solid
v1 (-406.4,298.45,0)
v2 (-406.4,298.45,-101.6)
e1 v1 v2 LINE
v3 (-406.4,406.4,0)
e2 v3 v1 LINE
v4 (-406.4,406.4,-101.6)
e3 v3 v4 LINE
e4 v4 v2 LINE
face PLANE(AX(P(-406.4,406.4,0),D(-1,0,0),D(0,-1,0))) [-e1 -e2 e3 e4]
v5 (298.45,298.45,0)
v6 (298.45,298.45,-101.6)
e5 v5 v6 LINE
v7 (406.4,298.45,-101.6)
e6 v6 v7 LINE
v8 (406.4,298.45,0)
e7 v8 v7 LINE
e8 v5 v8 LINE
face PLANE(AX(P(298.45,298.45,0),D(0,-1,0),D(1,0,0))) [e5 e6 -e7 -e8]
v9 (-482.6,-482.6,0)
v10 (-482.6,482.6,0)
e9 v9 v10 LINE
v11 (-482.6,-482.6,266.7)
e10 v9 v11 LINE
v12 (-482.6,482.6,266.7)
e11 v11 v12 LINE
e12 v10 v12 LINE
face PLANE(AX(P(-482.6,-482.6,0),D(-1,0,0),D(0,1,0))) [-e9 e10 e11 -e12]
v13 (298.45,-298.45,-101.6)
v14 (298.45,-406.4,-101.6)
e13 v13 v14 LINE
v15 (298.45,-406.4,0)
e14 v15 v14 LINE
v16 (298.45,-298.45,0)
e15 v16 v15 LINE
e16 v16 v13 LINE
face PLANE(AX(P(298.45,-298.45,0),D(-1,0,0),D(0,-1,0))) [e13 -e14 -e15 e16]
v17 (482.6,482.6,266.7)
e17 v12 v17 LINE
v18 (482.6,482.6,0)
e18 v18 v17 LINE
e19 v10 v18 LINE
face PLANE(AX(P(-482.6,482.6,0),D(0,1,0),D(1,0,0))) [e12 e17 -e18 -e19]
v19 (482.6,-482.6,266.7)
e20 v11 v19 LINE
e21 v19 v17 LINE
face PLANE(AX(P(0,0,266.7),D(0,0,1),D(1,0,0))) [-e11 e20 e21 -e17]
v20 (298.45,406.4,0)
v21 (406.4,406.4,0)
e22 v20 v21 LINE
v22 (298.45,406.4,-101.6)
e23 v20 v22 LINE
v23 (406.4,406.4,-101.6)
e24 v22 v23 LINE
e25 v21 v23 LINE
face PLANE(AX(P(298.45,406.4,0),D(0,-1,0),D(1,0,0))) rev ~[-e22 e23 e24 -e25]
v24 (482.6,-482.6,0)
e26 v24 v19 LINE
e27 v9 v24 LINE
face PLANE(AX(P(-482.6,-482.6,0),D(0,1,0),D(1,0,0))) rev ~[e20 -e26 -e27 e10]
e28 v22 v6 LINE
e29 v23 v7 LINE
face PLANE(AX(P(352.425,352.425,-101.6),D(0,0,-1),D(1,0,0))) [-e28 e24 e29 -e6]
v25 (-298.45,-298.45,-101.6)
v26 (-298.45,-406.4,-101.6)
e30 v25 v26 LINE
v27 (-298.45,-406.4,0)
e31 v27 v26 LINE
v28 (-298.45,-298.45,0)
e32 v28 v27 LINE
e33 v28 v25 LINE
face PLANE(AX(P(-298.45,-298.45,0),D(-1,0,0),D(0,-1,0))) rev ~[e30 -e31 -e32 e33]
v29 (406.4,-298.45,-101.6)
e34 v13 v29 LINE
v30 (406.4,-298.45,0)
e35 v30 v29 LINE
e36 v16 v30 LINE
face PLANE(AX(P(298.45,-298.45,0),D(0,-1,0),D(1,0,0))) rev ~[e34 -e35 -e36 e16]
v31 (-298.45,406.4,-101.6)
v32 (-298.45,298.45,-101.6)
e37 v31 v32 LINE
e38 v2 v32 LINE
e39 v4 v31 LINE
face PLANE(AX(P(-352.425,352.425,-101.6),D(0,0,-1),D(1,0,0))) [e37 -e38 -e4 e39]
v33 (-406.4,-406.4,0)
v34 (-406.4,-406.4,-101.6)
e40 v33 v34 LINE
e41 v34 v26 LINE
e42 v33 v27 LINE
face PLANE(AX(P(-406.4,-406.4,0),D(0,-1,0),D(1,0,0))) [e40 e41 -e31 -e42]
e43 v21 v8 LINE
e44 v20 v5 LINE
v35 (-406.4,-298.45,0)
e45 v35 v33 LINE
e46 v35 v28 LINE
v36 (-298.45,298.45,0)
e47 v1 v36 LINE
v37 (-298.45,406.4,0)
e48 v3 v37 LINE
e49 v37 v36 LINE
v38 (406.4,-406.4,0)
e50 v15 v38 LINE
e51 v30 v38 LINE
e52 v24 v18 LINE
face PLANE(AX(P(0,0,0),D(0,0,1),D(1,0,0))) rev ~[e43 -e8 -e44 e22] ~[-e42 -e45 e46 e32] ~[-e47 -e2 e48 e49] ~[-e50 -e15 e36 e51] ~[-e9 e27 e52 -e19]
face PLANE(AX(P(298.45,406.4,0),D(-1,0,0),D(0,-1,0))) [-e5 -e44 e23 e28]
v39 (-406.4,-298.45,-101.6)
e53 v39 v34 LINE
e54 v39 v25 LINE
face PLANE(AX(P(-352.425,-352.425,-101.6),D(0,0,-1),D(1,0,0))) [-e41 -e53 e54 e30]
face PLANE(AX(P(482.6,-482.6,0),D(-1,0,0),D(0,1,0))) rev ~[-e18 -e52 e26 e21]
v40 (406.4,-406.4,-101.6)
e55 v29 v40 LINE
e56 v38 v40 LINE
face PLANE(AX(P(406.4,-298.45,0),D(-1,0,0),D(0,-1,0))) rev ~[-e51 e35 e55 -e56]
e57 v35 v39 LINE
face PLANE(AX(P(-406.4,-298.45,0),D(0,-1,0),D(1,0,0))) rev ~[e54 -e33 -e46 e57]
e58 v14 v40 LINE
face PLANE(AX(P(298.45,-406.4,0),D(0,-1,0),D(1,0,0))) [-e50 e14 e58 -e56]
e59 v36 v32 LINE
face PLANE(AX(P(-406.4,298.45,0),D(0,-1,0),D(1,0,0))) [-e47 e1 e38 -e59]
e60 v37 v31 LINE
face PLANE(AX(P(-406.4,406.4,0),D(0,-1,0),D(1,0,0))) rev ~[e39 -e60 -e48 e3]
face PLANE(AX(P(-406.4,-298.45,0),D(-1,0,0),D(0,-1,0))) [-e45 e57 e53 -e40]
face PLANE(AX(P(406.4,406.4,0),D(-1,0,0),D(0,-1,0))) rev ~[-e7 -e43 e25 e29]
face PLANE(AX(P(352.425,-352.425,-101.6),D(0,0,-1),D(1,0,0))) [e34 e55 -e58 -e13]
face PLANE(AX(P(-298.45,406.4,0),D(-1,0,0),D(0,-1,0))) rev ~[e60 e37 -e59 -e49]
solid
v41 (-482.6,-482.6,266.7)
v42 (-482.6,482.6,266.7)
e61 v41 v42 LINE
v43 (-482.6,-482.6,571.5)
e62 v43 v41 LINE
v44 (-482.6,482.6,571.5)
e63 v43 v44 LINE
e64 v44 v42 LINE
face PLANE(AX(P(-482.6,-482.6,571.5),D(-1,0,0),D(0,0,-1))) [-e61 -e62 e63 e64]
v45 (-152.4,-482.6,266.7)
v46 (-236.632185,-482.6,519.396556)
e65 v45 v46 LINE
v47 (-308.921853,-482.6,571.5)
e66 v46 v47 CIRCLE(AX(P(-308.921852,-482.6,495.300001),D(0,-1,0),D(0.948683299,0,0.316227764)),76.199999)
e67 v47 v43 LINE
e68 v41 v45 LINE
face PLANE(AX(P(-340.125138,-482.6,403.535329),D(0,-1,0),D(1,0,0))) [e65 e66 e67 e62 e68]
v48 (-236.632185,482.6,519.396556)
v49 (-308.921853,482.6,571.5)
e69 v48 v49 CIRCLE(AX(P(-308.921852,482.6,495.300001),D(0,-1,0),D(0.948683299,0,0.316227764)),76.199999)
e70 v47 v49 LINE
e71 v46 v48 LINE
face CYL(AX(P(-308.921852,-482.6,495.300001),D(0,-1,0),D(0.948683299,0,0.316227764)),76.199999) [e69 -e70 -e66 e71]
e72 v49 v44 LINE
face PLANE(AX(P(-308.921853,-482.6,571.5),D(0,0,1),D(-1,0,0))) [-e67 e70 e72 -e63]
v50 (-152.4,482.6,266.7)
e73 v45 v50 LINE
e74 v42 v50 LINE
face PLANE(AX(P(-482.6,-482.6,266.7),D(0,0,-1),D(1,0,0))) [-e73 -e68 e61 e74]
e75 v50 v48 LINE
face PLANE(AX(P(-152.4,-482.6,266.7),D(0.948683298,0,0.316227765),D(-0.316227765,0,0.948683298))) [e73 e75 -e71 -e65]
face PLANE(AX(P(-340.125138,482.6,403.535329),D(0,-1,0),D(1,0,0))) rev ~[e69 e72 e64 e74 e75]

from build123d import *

# Parameters (mm, degrees)
F0_W     = 965.2
F0_H     = 965.2
F1_DEPTH = 266.7
F2_W     = 107.95
F2_H     = 107.95
F3_DEPTH = 101.6
F5_DEPTH = 965.2


with BuildPart() as f1:
    # F0 (on Top) → F1 (new body)
    with BuildSketch(Plane.XY):
        Rectangle(F0_W, F0_H)
    extrude(amount=F1_DEPTH)

    # F2 (on face) → F3 (join)
    with BuildSketch(Plane(origin=(0, 0, 0), x_dir=(1, 0, 0), z_dir=(0, 0, -1))):
        with Locations((-352.425, 352.425)):
            Rectangle(F2_W, F2_H)
        with Locations((352.425, 352.425)):
            Rectangle(F2_W, F2_H)
        with Locations((352.425, -352.425)):
            Rectangle(F2_W, F2_H)
        with Locations((-352.425, -352.425)):
            Rectangle(F2_W, F2_H)
    extrude(amount=F3_DEPTH)


with BuildPart() as f5:
    # F4 (on face) → F5 (new body, through all)
    with BuildSketch(Plane.XZ.offset(482.6)):
        with BuildLine():
            Line((-482.6, 571.5), (-482.6, 266.7))
            Line((-482.6, 266.7), (-152.4, 266.7))
            Line((-152.4, 266.7), (-236.632185, 519.396556))
            ThreePointArc((-236.632185, 519.396556), (-264.366929, 557.116655), (-308.921853, 571.5))
            Line((-308.921853, 571.5), (-482.6, 571.5))
        make_face()
    extrude(amount=-F5_DEPTH)


solid = Compound([f1.part, f5.part])
